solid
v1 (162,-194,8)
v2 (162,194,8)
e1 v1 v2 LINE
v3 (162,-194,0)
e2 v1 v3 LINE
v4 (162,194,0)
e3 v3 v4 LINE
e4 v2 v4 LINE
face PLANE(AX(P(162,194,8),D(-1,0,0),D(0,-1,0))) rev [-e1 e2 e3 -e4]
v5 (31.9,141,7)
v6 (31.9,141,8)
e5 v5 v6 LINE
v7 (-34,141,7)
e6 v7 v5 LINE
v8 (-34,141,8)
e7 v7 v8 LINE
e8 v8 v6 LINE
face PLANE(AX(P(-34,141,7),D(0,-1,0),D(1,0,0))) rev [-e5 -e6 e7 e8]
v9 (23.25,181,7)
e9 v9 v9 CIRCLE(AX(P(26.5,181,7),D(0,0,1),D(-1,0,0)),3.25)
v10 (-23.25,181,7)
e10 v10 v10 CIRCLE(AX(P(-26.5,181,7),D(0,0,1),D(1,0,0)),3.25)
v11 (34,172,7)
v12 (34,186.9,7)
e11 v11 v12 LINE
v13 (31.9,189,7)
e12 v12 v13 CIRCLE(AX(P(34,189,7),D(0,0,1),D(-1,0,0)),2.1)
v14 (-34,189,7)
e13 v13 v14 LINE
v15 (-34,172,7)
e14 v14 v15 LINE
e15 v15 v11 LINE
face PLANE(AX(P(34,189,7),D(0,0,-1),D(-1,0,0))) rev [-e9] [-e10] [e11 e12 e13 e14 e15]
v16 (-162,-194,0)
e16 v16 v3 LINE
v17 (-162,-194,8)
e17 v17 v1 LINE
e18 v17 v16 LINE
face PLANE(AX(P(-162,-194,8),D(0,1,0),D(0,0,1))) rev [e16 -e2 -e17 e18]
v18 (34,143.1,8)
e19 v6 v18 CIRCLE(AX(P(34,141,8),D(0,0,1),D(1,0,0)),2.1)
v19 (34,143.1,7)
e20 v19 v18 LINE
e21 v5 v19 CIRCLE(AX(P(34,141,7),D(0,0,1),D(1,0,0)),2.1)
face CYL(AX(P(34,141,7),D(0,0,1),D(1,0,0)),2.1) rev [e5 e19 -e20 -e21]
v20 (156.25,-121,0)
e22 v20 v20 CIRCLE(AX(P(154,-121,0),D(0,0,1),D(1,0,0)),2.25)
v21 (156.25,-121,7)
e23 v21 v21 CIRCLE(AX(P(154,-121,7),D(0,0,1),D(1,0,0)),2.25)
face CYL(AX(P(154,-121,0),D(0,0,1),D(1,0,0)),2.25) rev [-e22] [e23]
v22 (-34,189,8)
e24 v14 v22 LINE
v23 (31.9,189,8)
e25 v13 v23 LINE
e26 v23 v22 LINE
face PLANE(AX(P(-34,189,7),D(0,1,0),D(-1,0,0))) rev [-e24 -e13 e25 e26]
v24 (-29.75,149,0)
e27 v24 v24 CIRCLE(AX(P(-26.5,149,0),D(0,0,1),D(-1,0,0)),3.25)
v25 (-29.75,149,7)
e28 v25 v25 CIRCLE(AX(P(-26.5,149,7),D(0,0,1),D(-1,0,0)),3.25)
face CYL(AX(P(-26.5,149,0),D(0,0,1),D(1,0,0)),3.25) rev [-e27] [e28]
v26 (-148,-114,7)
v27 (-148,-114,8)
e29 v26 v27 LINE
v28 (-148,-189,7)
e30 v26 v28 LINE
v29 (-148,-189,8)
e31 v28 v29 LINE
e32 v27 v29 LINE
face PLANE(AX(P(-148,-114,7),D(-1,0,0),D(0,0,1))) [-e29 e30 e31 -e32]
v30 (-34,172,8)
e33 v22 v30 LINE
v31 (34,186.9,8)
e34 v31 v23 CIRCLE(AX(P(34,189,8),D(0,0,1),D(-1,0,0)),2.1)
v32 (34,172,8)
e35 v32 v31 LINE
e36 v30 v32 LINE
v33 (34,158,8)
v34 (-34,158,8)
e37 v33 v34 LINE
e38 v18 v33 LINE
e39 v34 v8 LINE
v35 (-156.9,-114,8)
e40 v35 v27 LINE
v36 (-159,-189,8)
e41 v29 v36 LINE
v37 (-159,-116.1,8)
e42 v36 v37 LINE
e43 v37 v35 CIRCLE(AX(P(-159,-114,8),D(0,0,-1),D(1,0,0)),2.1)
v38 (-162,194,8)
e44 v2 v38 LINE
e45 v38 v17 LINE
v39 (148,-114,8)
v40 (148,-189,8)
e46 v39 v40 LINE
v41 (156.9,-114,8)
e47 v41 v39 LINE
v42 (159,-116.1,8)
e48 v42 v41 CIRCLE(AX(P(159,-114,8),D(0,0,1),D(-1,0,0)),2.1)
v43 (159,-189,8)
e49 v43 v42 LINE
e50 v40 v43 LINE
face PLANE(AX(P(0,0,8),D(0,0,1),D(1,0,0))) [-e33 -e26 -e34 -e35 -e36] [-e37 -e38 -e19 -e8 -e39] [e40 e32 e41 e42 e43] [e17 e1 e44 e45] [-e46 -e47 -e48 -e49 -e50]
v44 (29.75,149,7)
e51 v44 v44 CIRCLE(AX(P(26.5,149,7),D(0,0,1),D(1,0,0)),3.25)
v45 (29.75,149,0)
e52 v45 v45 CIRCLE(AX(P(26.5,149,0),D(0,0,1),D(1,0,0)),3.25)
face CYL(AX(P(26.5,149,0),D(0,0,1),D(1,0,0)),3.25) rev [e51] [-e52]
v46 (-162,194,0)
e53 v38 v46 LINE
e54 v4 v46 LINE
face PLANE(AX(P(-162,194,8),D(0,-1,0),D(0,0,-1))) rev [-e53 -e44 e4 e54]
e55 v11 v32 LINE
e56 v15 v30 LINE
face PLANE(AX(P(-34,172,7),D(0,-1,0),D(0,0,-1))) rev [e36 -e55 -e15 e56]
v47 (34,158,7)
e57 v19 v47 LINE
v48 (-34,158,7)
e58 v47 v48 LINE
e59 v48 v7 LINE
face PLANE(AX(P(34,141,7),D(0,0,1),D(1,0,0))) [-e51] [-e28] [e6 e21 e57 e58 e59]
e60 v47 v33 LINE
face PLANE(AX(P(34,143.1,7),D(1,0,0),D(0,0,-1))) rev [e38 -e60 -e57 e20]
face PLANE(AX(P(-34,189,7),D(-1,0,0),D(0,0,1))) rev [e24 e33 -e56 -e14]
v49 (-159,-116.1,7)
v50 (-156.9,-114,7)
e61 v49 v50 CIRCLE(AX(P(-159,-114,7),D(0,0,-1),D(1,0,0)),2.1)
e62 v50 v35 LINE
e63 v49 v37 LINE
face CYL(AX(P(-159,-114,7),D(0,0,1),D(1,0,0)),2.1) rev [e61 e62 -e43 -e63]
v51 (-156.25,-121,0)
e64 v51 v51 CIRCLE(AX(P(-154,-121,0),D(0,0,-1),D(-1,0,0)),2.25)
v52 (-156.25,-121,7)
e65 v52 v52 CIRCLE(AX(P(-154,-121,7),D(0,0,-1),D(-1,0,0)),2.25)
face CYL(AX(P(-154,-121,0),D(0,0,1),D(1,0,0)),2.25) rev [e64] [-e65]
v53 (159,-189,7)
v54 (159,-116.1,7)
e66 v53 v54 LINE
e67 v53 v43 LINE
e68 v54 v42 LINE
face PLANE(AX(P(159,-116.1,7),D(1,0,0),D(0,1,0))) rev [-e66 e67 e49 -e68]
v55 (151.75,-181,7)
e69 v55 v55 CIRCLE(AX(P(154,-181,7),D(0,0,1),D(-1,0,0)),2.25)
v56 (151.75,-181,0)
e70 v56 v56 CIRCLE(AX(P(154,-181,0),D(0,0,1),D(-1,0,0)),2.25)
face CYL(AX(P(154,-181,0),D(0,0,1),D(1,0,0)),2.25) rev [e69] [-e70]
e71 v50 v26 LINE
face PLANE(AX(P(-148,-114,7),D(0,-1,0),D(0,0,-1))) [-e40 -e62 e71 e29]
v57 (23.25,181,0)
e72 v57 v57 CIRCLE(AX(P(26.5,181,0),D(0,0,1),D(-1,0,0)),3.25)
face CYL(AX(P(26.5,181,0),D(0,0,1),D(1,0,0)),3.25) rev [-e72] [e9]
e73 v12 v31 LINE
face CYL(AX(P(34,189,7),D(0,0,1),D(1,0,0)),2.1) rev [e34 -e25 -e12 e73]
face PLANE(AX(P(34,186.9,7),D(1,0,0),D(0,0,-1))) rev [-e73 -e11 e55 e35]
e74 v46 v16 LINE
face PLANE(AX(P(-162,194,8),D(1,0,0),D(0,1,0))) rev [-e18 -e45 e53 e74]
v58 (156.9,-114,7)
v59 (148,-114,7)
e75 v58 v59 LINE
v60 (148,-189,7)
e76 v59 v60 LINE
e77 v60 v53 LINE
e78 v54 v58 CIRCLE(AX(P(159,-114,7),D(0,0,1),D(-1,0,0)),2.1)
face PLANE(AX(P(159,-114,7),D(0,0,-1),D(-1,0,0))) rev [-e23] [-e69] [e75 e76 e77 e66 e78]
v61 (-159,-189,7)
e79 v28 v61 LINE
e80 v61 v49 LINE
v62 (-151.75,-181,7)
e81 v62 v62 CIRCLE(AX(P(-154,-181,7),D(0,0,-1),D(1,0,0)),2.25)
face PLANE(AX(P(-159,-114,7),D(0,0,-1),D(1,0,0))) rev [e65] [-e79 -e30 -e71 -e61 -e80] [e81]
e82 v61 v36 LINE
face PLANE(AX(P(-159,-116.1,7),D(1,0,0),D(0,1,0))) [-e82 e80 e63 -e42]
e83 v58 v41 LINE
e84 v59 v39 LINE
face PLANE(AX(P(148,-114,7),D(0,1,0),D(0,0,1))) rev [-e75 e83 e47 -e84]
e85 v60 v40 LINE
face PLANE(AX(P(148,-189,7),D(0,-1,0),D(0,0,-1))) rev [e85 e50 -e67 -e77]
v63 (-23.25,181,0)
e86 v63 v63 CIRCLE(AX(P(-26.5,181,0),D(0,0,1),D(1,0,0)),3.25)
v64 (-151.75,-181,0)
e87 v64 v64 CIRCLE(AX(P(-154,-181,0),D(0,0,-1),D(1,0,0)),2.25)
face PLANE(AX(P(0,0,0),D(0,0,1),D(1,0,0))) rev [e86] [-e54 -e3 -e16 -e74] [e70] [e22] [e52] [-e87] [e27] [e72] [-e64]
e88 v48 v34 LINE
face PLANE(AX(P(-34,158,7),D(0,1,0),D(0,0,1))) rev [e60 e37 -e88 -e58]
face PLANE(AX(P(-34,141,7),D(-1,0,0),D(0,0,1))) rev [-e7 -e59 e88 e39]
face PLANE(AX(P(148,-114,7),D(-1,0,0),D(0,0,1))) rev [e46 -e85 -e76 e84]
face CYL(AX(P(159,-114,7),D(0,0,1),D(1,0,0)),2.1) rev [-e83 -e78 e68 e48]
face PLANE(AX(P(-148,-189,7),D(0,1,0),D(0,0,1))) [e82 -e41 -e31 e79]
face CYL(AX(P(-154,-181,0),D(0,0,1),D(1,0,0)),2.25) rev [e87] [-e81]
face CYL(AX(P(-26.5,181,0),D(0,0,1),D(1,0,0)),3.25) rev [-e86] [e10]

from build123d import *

# Parameters (mm, degrees)
ESQUISSE1_W             = 324
ESQUISSE1_H             = 388
BOSS_EXTRU_1_DEPTH      = 8
ENL_V_MAT_EXTRU_1_DEPTH = 1
ESQUISSE3_R             = 2.25
ENL_V_MAT_EXTRU_2_DEPTH = 253.841847802
ENL_V_MAT_EXTRU_3_DEPTH = 1
ESQUISSE5_R             = 3.25
ENL_V_MAT_EXTRU_4_DEPTH = 253.841847802


with BuildPart() as part:
    # Esquisse1 → Boss.-Extru.1 (new body)
    with BuildSketch(Plane.XY):
        Rectangle(ESQUISSE1_W, ESQUISSE1_H)
    extrude(amount=BOSS_EXTRU_1_DEPTH)

    # Esquisse2 → Enlèv. mat.-Extru.1 (cut)
    with BuildSketch(Plane.XY.offset(8)):
        with BuildLine():
            Line((148, -114), (156.9, -114))
            ThreePointArc((156.9, -114), (160.48492424, -112.51507576), (159, -116.1))
            Line((159, -116.1), (159, -189))
            Line((159, -189), (148, -189))
            Line((148, -189), (148, -114))
        make_face()
    enl_v_mat_extru_1 = extrude(amount=-ENL_V_MAT_EXTRU_1_DEPTH, mode=Mode.SUBTRACT)

    # Symétrie1: Enlèv. mat.-Extru.1 across plane
    add(enl_v_mat_extru_1.mirror(Plane(origin=(0, 0, 0), x_dir=(0, 0, 1), z_dir=(1, 0, 0))), mode=Mode.SUBTRACT)

    # Esquisse3 → Enlèv. mat.-Extru.2 (cut, through all)
    with BuildSketch(Plane.XY.offset(7)):
        with Locations((154, -121)):
            Circle(ESQUISSE3_R)
        with Locations(Location((154, -181, 0), (0, 0, 180))):
            Circle(ESQUISSE3_R)
    enl_v_mat_extru_2 = extrude(amount=-ENL_V_MAT_EXTRU_2_DEPTH, mode=Mode.SUBTRACT)

    # Symétrie2: Enlèv. mat.-Extru.2 across plane
    add(enl_v_mat_extru_2.mirror(Plane(origin=(0, 0, 0), x_dir=(0, 0, 1), z_dir=(1, 0, 0))), mode=Mode.SUBTRACT)

    # Esquisse4 → Enlèv. mat.-Extru.3 (cut)
    with BuildSketch(Plane.XY.offset(8)):
        with BuildLine():
            Line((-34, 189), (31.9, 189))
            ThreePointArc((31.9, 189), (35.48492424, 190.48492424), (34, 186.9))
            Line((34, 186.9), (34, 172))
            Line((34, 172), (-34, 172))
            Line((-34, 172), (-34, 189))
        make_face()
        with BuildLine():
            Line((34, 143.1), (34, 158))
            Line((34, 158), (-34, 158))
            Line((-34, 158), (-34, 141))
            Line((-34, 141), (31.9, 141))
            ThreePointArc((31.9, 141), (35.48492424, 139.51507576), (34, 143.1))
        make_face()
    extrude(amount=-ENL_V_MAT_EXTRU_3_DEPTH, mode=Mode.SUBTRACT)

    # Esquisse5 → Enlèv. mat.-Extru.4 (cut, through all)
    with BuildSketch(Plane.XY.offset(7)):
        with Locations((-26.5, 181)):
            Circle(ESQUISSE5_R)
        with Locations(Location((26.5, 181, 0), (0, 0, 180))):
            Circle(ESQUISSE5_R)
        with Locations((26.5, 149)):
            Circle(ESQUISSE5_R)
        with Locations(Location((-26.5, 149, 0), (0, 0, 180))):
            Circle(ESQUISSE5_R)
    extrude(amount=-ENL_V_MAT_EXTRU_4_DEPTH, mode=Mode.SUBTRACT)


solid = part.part
